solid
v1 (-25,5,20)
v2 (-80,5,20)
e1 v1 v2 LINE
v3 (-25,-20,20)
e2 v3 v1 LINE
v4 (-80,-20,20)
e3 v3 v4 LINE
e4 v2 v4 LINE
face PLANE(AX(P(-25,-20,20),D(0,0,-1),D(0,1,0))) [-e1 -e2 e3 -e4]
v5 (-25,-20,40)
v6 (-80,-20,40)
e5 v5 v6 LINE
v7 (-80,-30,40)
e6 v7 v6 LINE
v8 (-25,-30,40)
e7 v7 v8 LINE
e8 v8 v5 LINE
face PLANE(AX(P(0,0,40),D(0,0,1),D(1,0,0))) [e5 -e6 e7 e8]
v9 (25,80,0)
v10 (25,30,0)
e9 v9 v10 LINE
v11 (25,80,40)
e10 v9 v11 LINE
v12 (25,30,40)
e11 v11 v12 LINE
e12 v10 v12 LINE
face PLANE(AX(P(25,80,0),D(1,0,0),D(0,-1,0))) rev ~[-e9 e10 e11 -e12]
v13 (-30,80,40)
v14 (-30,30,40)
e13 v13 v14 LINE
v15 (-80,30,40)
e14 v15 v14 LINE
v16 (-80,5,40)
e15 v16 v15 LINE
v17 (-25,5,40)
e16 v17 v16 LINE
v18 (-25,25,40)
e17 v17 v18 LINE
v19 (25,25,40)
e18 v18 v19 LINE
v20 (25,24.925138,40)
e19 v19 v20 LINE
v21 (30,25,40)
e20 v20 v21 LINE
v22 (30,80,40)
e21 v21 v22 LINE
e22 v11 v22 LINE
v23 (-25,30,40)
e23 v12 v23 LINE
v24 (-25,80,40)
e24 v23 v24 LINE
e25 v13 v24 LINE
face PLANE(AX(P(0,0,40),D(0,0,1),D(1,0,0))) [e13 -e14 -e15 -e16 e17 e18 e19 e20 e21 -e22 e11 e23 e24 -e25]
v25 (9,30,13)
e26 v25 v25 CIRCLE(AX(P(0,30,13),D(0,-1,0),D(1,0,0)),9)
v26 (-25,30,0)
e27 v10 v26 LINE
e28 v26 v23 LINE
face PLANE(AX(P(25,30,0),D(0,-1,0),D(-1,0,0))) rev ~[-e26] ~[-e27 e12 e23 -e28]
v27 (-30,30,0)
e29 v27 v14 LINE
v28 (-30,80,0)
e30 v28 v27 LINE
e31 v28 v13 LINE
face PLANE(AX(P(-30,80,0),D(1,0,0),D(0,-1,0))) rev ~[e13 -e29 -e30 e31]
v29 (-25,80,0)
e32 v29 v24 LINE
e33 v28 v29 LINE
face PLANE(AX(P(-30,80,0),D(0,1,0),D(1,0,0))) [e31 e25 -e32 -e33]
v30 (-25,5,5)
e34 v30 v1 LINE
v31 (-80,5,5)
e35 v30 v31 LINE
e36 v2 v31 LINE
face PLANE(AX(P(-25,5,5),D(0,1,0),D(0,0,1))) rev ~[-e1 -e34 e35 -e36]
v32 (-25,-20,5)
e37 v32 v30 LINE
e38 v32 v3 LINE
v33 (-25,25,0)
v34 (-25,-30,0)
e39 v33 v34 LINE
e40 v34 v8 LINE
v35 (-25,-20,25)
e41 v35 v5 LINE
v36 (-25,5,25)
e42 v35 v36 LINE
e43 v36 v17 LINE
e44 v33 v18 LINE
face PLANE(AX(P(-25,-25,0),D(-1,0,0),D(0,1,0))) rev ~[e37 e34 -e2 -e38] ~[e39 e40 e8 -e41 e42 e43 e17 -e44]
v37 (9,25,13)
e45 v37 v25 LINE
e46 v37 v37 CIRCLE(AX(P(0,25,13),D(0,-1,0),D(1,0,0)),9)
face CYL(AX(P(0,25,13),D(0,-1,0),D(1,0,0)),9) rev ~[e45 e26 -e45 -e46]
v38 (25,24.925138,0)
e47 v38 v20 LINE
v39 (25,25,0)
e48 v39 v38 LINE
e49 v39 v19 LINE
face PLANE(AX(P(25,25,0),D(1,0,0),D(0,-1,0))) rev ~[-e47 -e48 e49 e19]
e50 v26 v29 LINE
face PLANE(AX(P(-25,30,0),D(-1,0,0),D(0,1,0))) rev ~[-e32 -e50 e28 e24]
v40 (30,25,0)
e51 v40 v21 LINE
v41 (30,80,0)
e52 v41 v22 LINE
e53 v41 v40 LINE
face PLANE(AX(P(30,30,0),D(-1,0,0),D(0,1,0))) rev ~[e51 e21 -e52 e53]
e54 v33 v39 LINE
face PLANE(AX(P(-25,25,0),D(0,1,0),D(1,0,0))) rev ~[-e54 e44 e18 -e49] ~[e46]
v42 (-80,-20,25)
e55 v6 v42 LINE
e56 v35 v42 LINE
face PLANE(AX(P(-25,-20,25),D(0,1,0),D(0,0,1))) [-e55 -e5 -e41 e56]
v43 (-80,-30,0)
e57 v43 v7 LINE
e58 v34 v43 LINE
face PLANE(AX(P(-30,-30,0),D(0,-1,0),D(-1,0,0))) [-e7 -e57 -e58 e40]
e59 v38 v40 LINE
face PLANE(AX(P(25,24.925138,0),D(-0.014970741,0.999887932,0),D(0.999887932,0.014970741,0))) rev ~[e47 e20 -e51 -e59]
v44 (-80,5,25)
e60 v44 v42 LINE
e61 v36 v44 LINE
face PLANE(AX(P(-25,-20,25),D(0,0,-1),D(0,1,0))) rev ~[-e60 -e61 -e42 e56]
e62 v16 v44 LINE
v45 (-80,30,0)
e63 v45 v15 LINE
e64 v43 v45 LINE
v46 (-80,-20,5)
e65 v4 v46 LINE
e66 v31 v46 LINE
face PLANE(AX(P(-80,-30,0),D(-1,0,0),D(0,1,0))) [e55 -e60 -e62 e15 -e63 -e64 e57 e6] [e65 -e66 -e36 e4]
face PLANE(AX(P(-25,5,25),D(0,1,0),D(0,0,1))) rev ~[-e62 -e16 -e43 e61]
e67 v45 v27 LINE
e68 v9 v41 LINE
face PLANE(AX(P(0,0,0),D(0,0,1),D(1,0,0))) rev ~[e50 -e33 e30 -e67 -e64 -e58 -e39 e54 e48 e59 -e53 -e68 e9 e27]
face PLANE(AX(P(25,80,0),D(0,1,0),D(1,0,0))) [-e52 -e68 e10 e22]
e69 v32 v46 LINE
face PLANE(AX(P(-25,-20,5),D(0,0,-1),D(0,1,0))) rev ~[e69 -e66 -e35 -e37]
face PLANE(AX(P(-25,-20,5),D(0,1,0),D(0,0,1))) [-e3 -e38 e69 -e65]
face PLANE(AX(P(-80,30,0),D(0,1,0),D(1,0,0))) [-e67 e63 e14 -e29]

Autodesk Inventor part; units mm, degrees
ref_plane "YZ Plane" through (0, 0, 0) normal (1, 0, 0) x (0, 1, 0)
ref_plane "XZ Plane" through (0, 0, 0) normal (0, 1, 0) x (-1, 0, 0)
ref_plane "XY Plane" through (0, 0, 0) normal (0, 0, 1) x (1, 0, 0)
sketch "Sketch1" plane through (0, 0, 0) normal (0, 0, 1) x (1, 0, 0)
  line L0 (-25, 25) -> (25, 25)
  line L1 (25, 25) -> (25, -30)
  line L2 (30, -25) -> (-30, -25)
  line L3 (-25, -30) -> (-25, 80)
  line L4 (-25, 25) -> (25, -25) construction
  line L5 (25, 25) -> (-25, -25) construction
  line L6 (25, 25) -> (-51, 25)
  line L7 (25, 80) -> (25, 25)
  line L8 (-51, 25) -> (-75, 25)
  line L9 (-75, 25) -> (-75, -25)
  line L10 (-75, -25) -> (-30, -25)
  line L11 (30, 30) -> (-30, 30)
  line L12 (-30, 30) -> (-30, -30)
  line L13 (-30, -30) -> (30, -30)
  line L14 (30, -30) -> (30, 30)
  line L15 (30, 25) -> (30, 80)
  line L16 (-30, 80) -> (-30, 25)
  line L17 (-80, -30) -> (-80, 30)
  line L18 (-80, 30) -> (-30, 30)
  line L19 (-30, -30) -> (-80, -30)
  line L20 (-30, 80) -> (30, 80)
  line L21 (24.924, 24.924) -> (30, 25)
  point P0 (0, 0)
  point P1 (25, 30)
  point P2 (-30, 25)
  point P3 (-25, 30)
  point P4 (25, 24.9251)
  dimension "d4" = 5
  dimension "d7" = 50
  dimension "d8" = 0
  dimension "d9" = 5
  dimension "d12" = 55
  dimension "d13" = 60
  dimension "d14" = 105
  dimension "d15" = 50
  dimension "d18" = 110
  dimension "d19" = 3.5355
  dimension "d20" = 38.8909
  dimension "d21" = 81
extrude "Extrusion1" add sketch "Sketch1" along normal blind 40 contours L3 L11 L7 L0 | L6 L12 L11 L3 | L3 L2 L12 L6 | L7 L11 L14 L21 L1 | L3 L13 L12 L2 | L11 L16 L20 L3 | L12 L10 L9 L8 L6 | L6 L8 L9 L10 L12 L19 L17 L18 | L7 L20 L15 L11
sketch "Sketch2" plane through (-25, 25, 0) normal (0, -1, 0) x (1, 0, 0)
  circle A0 centre (25, 13) radius 9
  line L0 (0, 0) -> (50, 0) projected
  point P0 (25, 0)
  dimension "d24" = 18
  dimension "d25" = 13
extrude "Extrusion2" cut sketch "Sketch2" against normal blind 40
sketch "Sketch3" plane through (-25, -30, 0) normal (1, 0, 0) x (0, 0, -1)
  line L0 (0, 0) -> (-40, 0) projected
  line L1 (0, 55) -> (-40, 55) projected
  line L2 (0, 0) -> (-5, 0)
  line L3 (-5, 0) -> (-5, 55)
  line L4 (-5, 55) -> (0, 55)
  line L5 (0, 55) -> (0, 0)
  line L6 (-5, 0) -> (-20, 0)
  line L7 (-20, 0) -> (-20, 55)
  line L8 (-20, 55) -> (-5, 55)
  line L9 (-5, 55) -> (-5, 0)
  line L10 (-20, 0) -> (-25, 0)
  line L11 (-25, 0) -> (-25, 55)
  line L12 (-25, 55) -> (-20, 55)
  line L13 (-20, 55) -> (-20, 0)
  line L14 (-25, 0) -> (-40, 0)
  line L15 (-40, 0) -> (-40, 55)
  line L16 (-40, 55) -> (-25, 55)
  line L17 (-25, 55) -> (-25, 0)
  line L18 (-40, 0) -> (0, 0)
  line L19 (0, 0) -> (0, 10)
  line L20 (0, 10) -> (-40, 10)
  line L21 (-40, 10) -> (-40, 0)
  line L22 (-40, 55) -> (-20, 55)
  line L23 (-20, 55) -> (-20, 37.9712)
  line L24 (-20, 37.9712) -> (-40, 37.9712)
  line L25 (-40, 37.9712) -> (-40, 55)
  line L26 (-40, 55) -> (-5, 55)
  line L27 (-5, 55) -> (-5, 35)
  line L28 (-5, 35) -> (-40, 35)
  line L29 (-40, 35) -> (-40, 55)
  point P0 (0, 30)
  point P1 (-20, 10)
  point P2 (-5, 10)
  point P3 (-25, 10)
  point P4 (-20, 35)
  point P5 (-25, 35)
  dimension "d28" = 5
  dimension "d29" = 15
  dimension "d30" = 5
  dimension "d33" = 10
  dimension "d34" = 20
  dimension "d35" = 20
extrude "Extrusion3" cut sketch "Sketch3" against normal through all contours L20 L7 L28 L3 | L20 L15 L28 L11
